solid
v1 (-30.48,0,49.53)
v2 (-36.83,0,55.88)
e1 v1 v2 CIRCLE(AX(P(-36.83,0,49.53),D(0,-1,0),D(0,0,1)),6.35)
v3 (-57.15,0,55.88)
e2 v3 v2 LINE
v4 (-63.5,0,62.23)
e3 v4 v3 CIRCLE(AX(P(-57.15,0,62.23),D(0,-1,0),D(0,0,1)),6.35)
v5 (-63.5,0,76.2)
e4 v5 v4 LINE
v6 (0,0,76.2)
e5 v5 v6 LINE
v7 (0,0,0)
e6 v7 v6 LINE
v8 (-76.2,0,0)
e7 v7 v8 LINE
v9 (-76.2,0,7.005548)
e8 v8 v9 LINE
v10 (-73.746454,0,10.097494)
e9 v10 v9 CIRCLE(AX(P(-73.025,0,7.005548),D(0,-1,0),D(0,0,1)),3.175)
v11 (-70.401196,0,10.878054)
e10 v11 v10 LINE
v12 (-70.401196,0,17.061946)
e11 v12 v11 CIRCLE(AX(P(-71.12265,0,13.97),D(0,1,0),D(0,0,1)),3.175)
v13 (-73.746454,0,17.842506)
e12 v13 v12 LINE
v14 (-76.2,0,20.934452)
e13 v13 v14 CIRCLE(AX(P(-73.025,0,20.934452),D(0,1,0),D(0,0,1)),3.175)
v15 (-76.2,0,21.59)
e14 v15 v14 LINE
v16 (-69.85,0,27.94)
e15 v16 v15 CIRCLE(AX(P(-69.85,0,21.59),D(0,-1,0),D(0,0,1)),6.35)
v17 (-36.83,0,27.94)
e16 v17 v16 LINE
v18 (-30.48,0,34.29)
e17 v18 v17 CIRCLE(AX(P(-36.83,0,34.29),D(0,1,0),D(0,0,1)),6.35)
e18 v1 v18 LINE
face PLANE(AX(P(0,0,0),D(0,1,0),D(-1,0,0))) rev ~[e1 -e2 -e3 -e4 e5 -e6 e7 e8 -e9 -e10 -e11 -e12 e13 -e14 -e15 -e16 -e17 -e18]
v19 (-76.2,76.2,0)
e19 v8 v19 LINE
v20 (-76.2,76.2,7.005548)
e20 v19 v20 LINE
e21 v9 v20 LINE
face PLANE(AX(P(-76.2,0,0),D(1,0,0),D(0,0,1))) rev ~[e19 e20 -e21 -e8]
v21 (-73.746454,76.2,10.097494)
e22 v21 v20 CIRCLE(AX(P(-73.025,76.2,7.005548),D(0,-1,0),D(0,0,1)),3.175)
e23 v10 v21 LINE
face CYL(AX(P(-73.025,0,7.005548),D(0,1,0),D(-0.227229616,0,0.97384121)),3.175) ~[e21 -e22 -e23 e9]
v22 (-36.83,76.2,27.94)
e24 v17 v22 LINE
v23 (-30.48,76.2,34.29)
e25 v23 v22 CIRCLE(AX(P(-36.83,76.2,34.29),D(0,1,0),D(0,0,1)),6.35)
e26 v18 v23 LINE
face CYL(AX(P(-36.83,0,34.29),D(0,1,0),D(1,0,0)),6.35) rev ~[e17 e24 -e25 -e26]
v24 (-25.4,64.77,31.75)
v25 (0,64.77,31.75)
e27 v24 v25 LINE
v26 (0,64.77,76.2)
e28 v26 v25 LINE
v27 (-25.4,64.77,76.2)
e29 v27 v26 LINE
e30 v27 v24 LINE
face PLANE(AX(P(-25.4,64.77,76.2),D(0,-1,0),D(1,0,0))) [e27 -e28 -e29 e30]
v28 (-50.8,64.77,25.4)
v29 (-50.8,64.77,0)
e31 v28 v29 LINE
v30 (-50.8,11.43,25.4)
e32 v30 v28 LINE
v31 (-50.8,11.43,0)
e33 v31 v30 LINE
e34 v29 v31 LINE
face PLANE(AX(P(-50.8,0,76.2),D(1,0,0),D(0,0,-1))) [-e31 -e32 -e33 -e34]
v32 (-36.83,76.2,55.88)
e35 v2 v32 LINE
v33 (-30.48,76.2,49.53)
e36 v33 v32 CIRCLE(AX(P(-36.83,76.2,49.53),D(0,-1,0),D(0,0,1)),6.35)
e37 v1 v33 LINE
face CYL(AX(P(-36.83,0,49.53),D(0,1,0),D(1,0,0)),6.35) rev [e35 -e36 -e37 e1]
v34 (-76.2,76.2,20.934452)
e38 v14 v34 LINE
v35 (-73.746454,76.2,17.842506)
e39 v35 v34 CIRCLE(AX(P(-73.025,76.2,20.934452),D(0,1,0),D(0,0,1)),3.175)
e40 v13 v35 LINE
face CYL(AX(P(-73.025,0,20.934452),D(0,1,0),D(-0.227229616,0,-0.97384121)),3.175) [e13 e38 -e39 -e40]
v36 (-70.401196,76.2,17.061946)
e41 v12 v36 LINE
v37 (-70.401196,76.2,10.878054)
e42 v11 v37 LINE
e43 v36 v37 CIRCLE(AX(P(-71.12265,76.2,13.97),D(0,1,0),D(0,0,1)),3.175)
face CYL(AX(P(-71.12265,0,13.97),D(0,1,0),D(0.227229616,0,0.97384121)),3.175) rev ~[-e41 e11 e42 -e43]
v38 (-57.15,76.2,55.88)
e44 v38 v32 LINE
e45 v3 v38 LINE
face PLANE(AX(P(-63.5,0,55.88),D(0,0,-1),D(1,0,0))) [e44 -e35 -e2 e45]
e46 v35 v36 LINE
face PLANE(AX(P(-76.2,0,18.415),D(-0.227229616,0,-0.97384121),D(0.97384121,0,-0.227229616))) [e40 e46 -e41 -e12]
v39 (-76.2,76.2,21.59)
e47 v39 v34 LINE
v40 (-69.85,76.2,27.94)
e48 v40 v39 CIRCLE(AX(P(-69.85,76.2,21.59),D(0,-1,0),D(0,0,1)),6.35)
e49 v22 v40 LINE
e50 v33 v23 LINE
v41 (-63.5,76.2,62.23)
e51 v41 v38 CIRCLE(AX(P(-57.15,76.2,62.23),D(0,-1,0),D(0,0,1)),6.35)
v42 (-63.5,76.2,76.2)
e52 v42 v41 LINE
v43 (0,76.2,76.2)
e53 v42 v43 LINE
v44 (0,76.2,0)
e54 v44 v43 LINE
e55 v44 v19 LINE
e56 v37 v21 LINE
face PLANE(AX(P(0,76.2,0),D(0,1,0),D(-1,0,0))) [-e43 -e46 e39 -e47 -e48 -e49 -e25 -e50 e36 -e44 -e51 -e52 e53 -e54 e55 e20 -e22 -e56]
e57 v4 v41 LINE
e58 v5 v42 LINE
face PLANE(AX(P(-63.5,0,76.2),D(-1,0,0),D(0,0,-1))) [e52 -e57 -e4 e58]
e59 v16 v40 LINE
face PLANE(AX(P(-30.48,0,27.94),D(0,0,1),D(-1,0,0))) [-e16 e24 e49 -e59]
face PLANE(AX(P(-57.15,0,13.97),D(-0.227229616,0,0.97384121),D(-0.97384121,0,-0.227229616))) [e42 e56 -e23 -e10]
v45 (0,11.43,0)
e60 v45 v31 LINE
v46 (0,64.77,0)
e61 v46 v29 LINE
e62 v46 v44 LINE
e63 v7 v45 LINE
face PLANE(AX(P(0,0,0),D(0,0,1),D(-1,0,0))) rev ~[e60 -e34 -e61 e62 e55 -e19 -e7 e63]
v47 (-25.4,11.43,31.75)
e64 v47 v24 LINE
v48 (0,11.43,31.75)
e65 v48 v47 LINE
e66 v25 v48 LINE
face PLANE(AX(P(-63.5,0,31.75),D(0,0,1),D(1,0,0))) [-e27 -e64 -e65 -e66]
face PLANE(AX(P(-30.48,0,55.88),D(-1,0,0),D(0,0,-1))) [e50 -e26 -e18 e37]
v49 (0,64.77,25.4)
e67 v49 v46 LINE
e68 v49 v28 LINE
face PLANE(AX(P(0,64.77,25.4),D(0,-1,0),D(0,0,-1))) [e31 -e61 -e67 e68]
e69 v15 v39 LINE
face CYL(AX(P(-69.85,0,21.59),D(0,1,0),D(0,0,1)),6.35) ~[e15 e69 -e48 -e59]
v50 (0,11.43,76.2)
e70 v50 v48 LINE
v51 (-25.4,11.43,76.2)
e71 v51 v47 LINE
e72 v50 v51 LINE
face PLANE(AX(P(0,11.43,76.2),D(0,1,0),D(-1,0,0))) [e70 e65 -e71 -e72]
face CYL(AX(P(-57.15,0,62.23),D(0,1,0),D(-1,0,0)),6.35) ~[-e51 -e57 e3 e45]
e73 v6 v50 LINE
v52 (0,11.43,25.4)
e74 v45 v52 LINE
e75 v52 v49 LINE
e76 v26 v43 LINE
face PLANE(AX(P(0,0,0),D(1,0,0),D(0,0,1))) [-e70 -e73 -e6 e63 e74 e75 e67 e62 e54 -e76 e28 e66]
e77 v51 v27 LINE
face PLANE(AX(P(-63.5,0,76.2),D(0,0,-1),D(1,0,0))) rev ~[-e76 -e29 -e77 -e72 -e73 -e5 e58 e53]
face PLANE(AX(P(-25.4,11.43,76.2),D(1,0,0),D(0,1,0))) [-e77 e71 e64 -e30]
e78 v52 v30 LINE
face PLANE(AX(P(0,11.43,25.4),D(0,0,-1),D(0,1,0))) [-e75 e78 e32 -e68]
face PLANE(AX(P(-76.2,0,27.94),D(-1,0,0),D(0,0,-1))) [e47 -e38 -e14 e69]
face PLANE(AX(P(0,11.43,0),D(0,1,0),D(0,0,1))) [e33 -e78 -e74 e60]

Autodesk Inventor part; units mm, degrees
ref_plane "YZ Plane" through (0, 0, 0) normal (1, 0, 0) x (0, 1, 0)
ref_plane "XZ Plane" through (0, 0, 0) normal (0, 1, 0) x (-1, 0, 0)
ref_plane "XY Plane" through (0, 0, 0) normal (0, 0, 1) x (1, 0, 0)
sketch "Sketch1" plane through (0, 0, 0) normal (0, 1, 0) x (-1, 0, 0)
  line L0 (0, 0) -> (0, 76.2)
  line L1 (0, 0) -> (76.2, 0)
  line L2 (30.48, 27.94) -> (76.2, 27.94)
  line L3 (76.2, 27.94) -> (76.2, 18.415)
  line L4 (76.2, 0) -> (76.2, 9.525)
  line L5 (76.2, 18.415) -> (57.15, 13.97)
  line L6 (57.15, 13.97) -> (76.2, 9.525)
  line L7 (63.5, 76.2) -> (63.5, 55.88)
  line L8 (63.5, 55.88) -> (30.48, 55.88)
  line L9 (30.48, 55.88) -> (30.48, 27.94)
  line L10 (63.5, 76.2) -> (0, 76.2)
  dimension "d4" = 9.525
  dimension "d6" = 19.05
  dimension "d35" = 76.2
  dimension "d37" = 27.94
  dimension "d38" = 76.2
  dimension "d39" = 63.5
  dimension "d40" = 27.94
  dimension "d41" = 30.48
extrude "Extrusion1" add sketch "Sketch1" along normal blind 76.2
fillet "Fillet1" radius 6.35 1 edges at (-76.2, 38.1, 27.94)
fillet "Fillet2" radius 3.175 1 edges at (-57.15, 38.1, 13.97)
fillet "Fillet3" radius 3.175 1 edges at (-76.2, 38.1, 18.415)
fillet "Fillet4" radius 3.175 1 edges at (-76.2, 38.1, 9.525)
fillet "Fillet5" radius 6.35 1 edges at (-63.5, 38.1, 55.88)
fillet "Fillet6" radius 6.35 1 edges at (-30.48, 38.1, 27.94)
fillet "Fillet7" radius 6.35 1 edges at (-30.48, 38.1, 55.88)
sketch "Sketch4" plane through (-63.5, 0, 76.2) normal (0, 0, 1) x (1, 0, 0)
  line L0 (63.5, 11.43) -> (38.1, 11.43)
  line L1 (38.1, 11.43) -> (38.1, 64.77)
  line L2 (38.1, 64.77) -> (63.5, 64.77)
  line L3 (63.5, 64.77) -> (63.5, 11.43)
  line L4 (63.5, 0) -> (0, 0) projected
  line L5 (63.5, 76.2) -> (0, 76.2) construction
  line L6 (63.5, 0) -> (63.5, 76.2) projected
  dimension "d42" = 53.34
  dimension "d43" = 25.4
  dimension "d44" = 11.43
  dimension "d45" = 0
extrude "Extrusion4" cut sketch "Sketch4" against normal blind 44.45
sketch "Sketch5" plane through (0, 0, 76.2) normal (1, 0, 0) x (0, 0, -1)
  line L0 (76.2, 11.43) -> (50.8, 11.43)
  line L1 (50.8, 11.43) -> (50.8, 64.77)
  line L2 (50.8, 64.77) -> (76.2, 64.77)
  line L3 (76.2, 64.77) -> (76.2, 11.43)
  line L4 (76.2, 0) -> (76.2, 76.2) projected
  line L5 (0, 76.2) -> (76.2, 76.2) projected
  dimension "d48" = 53.34
  dimension "d49" = 25.4
  dimension "d50" = 0
  dimension "d51" = 11.43
extrude "Extrusion5" cut sketch "Sketch5" against normal blind 50.8
properties part number "Hook2"
